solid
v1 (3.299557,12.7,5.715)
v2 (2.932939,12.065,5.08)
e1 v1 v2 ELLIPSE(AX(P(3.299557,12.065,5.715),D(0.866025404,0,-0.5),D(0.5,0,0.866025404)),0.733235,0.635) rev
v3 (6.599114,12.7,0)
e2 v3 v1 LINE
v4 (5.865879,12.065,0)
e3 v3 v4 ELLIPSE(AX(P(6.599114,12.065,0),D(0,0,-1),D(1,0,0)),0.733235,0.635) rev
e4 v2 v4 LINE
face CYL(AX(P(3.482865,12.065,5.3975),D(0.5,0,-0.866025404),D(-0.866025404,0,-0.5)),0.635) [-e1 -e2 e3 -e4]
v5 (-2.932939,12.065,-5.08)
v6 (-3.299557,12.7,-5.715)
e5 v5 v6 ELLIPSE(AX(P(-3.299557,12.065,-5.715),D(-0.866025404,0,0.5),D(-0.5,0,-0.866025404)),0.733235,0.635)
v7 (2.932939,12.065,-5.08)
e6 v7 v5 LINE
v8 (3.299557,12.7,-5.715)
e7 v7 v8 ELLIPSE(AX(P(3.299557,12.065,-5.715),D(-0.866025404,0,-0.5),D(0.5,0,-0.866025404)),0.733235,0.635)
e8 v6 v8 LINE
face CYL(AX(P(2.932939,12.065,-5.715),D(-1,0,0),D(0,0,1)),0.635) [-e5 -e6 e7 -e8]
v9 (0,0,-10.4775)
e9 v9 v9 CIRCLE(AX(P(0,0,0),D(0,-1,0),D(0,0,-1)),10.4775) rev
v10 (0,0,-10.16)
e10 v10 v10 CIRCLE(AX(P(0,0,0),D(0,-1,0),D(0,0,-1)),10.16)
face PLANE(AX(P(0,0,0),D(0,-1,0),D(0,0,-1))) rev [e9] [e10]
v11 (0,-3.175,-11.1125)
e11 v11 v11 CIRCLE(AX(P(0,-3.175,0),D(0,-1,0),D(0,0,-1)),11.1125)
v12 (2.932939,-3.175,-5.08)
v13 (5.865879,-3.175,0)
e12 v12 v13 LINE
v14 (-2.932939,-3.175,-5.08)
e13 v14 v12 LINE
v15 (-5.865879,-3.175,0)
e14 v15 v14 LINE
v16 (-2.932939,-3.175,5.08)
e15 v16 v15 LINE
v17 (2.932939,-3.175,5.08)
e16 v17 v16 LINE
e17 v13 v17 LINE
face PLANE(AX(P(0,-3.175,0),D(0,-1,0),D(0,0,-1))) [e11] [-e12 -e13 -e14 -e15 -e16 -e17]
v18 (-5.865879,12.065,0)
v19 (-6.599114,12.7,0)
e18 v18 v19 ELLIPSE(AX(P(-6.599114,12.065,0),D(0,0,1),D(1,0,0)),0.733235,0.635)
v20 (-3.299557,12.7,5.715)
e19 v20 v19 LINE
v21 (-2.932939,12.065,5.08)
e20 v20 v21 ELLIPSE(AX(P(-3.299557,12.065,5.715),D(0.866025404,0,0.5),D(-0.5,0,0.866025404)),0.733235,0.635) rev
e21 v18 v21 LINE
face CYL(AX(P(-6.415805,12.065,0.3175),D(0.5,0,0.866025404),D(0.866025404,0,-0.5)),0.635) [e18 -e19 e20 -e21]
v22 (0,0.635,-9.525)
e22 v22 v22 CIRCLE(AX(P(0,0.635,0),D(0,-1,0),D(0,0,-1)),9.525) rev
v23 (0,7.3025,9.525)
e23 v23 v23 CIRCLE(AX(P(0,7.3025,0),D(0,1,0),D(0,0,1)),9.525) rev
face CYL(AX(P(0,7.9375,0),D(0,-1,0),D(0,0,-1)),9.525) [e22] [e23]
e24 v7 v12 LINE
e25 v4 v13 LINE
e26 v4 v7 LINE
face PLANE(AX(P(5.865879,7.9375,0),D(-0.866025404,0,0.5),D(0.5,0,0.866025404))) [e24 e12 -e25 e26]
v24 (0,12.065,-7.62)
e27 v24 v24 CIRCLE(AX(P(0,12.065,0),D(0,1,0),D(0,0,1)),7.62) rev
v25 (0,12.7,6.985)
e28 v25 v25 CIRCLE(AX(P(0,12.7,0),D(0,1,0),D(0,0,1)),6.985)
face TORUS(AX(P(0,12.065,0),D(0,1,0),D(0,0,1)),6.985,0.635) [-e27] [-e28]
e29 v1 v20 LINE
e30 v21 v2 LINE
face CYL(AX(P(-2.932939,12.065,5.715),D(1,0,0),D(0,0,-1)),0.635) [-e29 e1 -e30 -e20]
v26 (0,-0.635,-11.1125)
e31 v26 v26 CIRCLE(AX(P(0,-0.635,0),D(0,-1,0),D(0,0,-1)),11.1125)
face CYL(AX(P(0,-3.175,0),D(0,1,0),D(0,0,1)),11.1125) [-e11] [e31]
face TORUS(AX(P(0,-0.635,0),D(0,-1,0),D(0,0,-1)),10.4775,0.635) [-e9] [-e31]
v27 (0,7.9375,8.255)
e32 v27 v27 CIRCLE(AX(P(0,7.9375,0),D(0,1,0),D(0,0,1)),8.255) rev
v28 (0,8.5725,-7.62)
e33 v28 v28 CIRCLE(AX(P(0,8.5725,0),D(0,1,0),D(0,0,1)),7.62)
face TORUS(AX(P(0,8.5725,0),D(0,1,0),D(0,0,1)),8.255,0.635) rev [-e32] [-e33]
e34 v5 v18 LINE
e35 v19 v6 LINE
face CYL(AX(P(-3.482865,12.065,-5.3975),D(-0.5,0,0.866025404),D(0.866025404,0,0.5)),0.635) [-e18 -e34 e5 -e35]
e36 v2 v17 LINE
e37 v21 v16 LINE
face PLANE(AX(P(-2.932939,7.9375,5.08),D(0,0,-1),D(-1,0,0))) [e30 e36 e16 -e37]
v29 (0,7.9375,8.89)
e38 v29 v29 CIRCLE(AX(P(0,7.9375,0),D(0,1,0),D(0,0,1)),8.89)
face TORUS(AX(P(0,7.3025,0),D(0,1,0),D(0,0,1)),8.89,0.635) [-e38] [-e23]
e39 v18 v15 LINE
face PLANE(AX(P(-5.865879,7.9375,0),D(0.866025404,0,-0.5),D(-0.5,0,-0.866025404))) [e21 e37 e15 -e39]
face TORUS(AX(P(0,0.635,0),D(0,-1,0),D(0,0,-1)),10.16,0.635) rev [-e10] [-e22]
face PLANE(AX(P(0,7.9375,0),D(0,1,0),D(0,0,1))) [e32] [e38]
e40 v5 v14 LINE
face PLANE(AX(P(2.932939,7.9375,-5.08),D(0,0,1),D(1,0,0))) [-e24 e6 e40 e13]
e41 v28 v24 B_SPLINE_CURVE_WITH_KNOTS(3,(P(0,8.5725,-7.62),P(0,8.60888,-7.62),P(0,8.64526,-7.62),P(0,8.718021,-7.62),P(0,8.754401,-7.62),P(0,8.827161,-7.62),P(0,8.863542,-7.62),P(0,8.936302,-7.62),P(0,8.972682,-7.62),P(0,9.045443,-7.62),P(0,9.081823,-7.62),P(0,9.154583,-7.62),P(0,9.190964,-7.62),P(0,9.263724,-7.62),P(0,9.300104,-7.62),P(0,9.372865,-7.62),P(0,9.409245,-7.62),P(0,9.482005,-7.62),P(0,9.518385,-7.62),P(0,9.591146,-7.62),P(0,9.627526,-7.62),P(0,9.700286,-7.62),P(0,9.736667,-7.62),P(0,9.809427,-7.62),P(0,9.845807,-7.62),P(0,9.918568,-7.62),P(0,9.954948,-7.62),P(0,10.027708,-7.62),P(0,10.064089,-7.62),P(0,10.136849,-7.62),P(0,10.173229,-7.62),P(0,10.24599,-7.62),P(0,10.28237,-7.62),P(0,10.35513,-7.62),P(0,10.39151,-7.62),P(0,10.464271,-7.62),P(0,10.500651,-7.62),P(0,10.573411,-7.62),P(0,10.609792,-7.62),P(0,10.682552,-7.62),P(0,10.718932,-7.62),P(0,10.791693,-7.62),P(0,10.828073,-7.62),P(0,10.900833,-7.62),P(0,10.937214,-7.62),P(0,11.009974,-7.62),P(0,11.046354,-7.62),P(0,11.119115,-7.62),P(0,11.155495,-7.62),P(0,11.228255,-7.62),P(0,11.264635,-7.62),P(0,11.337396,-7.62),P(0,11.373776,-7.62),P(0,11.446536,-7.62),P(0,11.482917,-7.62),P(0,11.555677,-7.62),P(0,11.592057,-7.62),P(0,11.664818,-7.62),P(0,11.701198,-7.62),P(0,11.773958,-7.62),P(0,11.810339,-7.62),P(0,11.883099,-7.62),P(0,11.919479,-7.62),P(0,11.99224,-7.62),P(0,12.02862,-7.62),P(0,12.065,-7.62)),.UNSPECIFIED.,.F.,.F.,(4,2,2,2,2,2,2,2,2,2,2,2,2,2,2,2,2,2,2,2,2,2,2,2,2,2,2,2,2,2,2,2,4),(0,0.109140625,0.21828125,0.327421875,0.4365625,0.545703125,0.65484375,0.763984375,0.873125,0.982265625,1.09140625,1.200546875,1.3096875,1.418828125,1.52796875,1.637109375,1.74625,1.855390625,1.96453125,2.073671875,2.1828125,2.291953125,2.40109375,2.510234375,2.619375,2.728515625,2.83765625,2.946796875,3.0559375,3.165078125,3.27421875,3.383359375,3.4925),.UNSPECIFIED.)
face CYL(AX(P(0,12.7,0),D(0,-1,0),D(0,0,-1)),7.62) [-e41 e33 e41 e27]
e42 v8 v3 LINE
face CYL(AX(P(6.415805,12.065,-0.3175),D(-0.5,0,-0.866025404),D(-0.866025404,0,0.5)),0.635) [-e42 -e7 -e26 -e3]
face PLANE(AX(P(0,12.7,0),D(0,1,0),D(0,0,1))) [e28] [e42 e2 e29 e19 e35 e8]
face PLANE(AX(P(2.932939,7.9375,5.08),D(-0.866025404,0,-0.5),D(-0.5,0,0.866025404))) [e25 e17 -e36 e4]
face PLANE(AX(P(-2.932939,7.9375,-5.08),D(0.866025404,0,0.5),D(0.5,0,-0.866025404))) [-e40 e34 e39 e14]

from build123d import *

# Parameters (mm, degrees)
SKETCH1_R           = 9.525
BOSS_EXTRUDE1_DEPTH = 7.9375
SKETCH2_R           = 7.62
BOSS_EXTRUDE2_DEPTH = 4.7625
SKETCH3_R           = 11.1125
BOSS_EXTRUDE3_DEPTH = 3.175
FILLET1_R           = 0.635
FILLET3_R           = 0.635
FILLET4_R           = 0.635


with BuildPart() as part:
    # Sketch1 → Boss-Extrude1 (new body)
    with BuildSketch(Plane(origin=(0, 0, 0), x_dir=(1, 0, 0), z_dir=(0, 1, 0))):
        with Locations(Location((0, 0, 0), (0, 0, 270))):
            Circle(SKETCH1_R)
        Polygon((5.865878735, 0), (2.932939367, 5.08), (-2.932939367, 5.08), (-5.865878735, 0), (-2.932939367, -5.08), (2.932939367, -5.08), align=None, mode=Mode.SUBTRACT)
    extrude(amount=BOSS_EXTRUDE1_DEPTH)

    # Sketch2 → Boss-Extrude2 (add)
    with BuildSketch(Plane(origin=(0, 7.9375, 0), x_dir=(1, 0, 0), z_dir=(0, 1, 0))):
        with Locations(Location((0, 0, 0), (0, 0, 90))):
            Circle(SKETCH2_R)
        Polygon((-2.932939367, 5.08), (-5.865878735, 0), (-2.932939367, -5.08), (2.932939367, -5.08), (5.865878735, 0), (2.932939367, 5.08), align=None, mode=Mode.SUBTRACT)
    extrude(amount=BOSS_EXTRUDE2_DEPTH)

    # Sketch3 → Boss-Extrude3 (add)
    with BuildSketch(Plane.XZ):
        with Locations(Location((0, 0, 0), (0, 0, 270))):
            Circle(SKETCH3_R)
        Polygon((-2.932939367, 5.08), (2.932939367, 5.08), (5.865878735, 0), (2.932939367, -5.08), (-2.932939367, -5.08), (-5.865878735, 0), align=None, mode=Mode.SUBTRACT)
    extrude(amount=BOSS_EXTRUDE3_DEPTH)

    # Fillet1
    fillet1_edges = [part.edges().sort_by_distance(p)[0] for p in [
        (0, 0, -9.525),
        (0, 0, 11.1125),
    ]]
    fillet(fillet1_edges, radius=FILLET1_R)

    # Fillet3
    fillet3_edges = [part.edges().sort_by_distance(p)[0] for p in [
        (0, 12.7, -5.08),
        (-4.399409051, 12.7, -2.54),
        (-4.399409051, 12.7, 2.54),
        (0, 12.7, 5.08),
        (4.399409051, 12.7, 2.54),
        (4.399409051, 12.7, -2.54),
    ]]
    fillet(fillet3_edges, radius=FILLET3_R)

    # Fillet4
    fillet4_edges = [part.edges().sort_by_distance(p)[0] for p in [
        (0, 12.7, 7.62),
        (0, 7.9375, 7.62),
        (0, 7.9375, -9.525),
    ]]
    fillet(fillet4_edges, radius=FILLET4_R)


solid = part.part
